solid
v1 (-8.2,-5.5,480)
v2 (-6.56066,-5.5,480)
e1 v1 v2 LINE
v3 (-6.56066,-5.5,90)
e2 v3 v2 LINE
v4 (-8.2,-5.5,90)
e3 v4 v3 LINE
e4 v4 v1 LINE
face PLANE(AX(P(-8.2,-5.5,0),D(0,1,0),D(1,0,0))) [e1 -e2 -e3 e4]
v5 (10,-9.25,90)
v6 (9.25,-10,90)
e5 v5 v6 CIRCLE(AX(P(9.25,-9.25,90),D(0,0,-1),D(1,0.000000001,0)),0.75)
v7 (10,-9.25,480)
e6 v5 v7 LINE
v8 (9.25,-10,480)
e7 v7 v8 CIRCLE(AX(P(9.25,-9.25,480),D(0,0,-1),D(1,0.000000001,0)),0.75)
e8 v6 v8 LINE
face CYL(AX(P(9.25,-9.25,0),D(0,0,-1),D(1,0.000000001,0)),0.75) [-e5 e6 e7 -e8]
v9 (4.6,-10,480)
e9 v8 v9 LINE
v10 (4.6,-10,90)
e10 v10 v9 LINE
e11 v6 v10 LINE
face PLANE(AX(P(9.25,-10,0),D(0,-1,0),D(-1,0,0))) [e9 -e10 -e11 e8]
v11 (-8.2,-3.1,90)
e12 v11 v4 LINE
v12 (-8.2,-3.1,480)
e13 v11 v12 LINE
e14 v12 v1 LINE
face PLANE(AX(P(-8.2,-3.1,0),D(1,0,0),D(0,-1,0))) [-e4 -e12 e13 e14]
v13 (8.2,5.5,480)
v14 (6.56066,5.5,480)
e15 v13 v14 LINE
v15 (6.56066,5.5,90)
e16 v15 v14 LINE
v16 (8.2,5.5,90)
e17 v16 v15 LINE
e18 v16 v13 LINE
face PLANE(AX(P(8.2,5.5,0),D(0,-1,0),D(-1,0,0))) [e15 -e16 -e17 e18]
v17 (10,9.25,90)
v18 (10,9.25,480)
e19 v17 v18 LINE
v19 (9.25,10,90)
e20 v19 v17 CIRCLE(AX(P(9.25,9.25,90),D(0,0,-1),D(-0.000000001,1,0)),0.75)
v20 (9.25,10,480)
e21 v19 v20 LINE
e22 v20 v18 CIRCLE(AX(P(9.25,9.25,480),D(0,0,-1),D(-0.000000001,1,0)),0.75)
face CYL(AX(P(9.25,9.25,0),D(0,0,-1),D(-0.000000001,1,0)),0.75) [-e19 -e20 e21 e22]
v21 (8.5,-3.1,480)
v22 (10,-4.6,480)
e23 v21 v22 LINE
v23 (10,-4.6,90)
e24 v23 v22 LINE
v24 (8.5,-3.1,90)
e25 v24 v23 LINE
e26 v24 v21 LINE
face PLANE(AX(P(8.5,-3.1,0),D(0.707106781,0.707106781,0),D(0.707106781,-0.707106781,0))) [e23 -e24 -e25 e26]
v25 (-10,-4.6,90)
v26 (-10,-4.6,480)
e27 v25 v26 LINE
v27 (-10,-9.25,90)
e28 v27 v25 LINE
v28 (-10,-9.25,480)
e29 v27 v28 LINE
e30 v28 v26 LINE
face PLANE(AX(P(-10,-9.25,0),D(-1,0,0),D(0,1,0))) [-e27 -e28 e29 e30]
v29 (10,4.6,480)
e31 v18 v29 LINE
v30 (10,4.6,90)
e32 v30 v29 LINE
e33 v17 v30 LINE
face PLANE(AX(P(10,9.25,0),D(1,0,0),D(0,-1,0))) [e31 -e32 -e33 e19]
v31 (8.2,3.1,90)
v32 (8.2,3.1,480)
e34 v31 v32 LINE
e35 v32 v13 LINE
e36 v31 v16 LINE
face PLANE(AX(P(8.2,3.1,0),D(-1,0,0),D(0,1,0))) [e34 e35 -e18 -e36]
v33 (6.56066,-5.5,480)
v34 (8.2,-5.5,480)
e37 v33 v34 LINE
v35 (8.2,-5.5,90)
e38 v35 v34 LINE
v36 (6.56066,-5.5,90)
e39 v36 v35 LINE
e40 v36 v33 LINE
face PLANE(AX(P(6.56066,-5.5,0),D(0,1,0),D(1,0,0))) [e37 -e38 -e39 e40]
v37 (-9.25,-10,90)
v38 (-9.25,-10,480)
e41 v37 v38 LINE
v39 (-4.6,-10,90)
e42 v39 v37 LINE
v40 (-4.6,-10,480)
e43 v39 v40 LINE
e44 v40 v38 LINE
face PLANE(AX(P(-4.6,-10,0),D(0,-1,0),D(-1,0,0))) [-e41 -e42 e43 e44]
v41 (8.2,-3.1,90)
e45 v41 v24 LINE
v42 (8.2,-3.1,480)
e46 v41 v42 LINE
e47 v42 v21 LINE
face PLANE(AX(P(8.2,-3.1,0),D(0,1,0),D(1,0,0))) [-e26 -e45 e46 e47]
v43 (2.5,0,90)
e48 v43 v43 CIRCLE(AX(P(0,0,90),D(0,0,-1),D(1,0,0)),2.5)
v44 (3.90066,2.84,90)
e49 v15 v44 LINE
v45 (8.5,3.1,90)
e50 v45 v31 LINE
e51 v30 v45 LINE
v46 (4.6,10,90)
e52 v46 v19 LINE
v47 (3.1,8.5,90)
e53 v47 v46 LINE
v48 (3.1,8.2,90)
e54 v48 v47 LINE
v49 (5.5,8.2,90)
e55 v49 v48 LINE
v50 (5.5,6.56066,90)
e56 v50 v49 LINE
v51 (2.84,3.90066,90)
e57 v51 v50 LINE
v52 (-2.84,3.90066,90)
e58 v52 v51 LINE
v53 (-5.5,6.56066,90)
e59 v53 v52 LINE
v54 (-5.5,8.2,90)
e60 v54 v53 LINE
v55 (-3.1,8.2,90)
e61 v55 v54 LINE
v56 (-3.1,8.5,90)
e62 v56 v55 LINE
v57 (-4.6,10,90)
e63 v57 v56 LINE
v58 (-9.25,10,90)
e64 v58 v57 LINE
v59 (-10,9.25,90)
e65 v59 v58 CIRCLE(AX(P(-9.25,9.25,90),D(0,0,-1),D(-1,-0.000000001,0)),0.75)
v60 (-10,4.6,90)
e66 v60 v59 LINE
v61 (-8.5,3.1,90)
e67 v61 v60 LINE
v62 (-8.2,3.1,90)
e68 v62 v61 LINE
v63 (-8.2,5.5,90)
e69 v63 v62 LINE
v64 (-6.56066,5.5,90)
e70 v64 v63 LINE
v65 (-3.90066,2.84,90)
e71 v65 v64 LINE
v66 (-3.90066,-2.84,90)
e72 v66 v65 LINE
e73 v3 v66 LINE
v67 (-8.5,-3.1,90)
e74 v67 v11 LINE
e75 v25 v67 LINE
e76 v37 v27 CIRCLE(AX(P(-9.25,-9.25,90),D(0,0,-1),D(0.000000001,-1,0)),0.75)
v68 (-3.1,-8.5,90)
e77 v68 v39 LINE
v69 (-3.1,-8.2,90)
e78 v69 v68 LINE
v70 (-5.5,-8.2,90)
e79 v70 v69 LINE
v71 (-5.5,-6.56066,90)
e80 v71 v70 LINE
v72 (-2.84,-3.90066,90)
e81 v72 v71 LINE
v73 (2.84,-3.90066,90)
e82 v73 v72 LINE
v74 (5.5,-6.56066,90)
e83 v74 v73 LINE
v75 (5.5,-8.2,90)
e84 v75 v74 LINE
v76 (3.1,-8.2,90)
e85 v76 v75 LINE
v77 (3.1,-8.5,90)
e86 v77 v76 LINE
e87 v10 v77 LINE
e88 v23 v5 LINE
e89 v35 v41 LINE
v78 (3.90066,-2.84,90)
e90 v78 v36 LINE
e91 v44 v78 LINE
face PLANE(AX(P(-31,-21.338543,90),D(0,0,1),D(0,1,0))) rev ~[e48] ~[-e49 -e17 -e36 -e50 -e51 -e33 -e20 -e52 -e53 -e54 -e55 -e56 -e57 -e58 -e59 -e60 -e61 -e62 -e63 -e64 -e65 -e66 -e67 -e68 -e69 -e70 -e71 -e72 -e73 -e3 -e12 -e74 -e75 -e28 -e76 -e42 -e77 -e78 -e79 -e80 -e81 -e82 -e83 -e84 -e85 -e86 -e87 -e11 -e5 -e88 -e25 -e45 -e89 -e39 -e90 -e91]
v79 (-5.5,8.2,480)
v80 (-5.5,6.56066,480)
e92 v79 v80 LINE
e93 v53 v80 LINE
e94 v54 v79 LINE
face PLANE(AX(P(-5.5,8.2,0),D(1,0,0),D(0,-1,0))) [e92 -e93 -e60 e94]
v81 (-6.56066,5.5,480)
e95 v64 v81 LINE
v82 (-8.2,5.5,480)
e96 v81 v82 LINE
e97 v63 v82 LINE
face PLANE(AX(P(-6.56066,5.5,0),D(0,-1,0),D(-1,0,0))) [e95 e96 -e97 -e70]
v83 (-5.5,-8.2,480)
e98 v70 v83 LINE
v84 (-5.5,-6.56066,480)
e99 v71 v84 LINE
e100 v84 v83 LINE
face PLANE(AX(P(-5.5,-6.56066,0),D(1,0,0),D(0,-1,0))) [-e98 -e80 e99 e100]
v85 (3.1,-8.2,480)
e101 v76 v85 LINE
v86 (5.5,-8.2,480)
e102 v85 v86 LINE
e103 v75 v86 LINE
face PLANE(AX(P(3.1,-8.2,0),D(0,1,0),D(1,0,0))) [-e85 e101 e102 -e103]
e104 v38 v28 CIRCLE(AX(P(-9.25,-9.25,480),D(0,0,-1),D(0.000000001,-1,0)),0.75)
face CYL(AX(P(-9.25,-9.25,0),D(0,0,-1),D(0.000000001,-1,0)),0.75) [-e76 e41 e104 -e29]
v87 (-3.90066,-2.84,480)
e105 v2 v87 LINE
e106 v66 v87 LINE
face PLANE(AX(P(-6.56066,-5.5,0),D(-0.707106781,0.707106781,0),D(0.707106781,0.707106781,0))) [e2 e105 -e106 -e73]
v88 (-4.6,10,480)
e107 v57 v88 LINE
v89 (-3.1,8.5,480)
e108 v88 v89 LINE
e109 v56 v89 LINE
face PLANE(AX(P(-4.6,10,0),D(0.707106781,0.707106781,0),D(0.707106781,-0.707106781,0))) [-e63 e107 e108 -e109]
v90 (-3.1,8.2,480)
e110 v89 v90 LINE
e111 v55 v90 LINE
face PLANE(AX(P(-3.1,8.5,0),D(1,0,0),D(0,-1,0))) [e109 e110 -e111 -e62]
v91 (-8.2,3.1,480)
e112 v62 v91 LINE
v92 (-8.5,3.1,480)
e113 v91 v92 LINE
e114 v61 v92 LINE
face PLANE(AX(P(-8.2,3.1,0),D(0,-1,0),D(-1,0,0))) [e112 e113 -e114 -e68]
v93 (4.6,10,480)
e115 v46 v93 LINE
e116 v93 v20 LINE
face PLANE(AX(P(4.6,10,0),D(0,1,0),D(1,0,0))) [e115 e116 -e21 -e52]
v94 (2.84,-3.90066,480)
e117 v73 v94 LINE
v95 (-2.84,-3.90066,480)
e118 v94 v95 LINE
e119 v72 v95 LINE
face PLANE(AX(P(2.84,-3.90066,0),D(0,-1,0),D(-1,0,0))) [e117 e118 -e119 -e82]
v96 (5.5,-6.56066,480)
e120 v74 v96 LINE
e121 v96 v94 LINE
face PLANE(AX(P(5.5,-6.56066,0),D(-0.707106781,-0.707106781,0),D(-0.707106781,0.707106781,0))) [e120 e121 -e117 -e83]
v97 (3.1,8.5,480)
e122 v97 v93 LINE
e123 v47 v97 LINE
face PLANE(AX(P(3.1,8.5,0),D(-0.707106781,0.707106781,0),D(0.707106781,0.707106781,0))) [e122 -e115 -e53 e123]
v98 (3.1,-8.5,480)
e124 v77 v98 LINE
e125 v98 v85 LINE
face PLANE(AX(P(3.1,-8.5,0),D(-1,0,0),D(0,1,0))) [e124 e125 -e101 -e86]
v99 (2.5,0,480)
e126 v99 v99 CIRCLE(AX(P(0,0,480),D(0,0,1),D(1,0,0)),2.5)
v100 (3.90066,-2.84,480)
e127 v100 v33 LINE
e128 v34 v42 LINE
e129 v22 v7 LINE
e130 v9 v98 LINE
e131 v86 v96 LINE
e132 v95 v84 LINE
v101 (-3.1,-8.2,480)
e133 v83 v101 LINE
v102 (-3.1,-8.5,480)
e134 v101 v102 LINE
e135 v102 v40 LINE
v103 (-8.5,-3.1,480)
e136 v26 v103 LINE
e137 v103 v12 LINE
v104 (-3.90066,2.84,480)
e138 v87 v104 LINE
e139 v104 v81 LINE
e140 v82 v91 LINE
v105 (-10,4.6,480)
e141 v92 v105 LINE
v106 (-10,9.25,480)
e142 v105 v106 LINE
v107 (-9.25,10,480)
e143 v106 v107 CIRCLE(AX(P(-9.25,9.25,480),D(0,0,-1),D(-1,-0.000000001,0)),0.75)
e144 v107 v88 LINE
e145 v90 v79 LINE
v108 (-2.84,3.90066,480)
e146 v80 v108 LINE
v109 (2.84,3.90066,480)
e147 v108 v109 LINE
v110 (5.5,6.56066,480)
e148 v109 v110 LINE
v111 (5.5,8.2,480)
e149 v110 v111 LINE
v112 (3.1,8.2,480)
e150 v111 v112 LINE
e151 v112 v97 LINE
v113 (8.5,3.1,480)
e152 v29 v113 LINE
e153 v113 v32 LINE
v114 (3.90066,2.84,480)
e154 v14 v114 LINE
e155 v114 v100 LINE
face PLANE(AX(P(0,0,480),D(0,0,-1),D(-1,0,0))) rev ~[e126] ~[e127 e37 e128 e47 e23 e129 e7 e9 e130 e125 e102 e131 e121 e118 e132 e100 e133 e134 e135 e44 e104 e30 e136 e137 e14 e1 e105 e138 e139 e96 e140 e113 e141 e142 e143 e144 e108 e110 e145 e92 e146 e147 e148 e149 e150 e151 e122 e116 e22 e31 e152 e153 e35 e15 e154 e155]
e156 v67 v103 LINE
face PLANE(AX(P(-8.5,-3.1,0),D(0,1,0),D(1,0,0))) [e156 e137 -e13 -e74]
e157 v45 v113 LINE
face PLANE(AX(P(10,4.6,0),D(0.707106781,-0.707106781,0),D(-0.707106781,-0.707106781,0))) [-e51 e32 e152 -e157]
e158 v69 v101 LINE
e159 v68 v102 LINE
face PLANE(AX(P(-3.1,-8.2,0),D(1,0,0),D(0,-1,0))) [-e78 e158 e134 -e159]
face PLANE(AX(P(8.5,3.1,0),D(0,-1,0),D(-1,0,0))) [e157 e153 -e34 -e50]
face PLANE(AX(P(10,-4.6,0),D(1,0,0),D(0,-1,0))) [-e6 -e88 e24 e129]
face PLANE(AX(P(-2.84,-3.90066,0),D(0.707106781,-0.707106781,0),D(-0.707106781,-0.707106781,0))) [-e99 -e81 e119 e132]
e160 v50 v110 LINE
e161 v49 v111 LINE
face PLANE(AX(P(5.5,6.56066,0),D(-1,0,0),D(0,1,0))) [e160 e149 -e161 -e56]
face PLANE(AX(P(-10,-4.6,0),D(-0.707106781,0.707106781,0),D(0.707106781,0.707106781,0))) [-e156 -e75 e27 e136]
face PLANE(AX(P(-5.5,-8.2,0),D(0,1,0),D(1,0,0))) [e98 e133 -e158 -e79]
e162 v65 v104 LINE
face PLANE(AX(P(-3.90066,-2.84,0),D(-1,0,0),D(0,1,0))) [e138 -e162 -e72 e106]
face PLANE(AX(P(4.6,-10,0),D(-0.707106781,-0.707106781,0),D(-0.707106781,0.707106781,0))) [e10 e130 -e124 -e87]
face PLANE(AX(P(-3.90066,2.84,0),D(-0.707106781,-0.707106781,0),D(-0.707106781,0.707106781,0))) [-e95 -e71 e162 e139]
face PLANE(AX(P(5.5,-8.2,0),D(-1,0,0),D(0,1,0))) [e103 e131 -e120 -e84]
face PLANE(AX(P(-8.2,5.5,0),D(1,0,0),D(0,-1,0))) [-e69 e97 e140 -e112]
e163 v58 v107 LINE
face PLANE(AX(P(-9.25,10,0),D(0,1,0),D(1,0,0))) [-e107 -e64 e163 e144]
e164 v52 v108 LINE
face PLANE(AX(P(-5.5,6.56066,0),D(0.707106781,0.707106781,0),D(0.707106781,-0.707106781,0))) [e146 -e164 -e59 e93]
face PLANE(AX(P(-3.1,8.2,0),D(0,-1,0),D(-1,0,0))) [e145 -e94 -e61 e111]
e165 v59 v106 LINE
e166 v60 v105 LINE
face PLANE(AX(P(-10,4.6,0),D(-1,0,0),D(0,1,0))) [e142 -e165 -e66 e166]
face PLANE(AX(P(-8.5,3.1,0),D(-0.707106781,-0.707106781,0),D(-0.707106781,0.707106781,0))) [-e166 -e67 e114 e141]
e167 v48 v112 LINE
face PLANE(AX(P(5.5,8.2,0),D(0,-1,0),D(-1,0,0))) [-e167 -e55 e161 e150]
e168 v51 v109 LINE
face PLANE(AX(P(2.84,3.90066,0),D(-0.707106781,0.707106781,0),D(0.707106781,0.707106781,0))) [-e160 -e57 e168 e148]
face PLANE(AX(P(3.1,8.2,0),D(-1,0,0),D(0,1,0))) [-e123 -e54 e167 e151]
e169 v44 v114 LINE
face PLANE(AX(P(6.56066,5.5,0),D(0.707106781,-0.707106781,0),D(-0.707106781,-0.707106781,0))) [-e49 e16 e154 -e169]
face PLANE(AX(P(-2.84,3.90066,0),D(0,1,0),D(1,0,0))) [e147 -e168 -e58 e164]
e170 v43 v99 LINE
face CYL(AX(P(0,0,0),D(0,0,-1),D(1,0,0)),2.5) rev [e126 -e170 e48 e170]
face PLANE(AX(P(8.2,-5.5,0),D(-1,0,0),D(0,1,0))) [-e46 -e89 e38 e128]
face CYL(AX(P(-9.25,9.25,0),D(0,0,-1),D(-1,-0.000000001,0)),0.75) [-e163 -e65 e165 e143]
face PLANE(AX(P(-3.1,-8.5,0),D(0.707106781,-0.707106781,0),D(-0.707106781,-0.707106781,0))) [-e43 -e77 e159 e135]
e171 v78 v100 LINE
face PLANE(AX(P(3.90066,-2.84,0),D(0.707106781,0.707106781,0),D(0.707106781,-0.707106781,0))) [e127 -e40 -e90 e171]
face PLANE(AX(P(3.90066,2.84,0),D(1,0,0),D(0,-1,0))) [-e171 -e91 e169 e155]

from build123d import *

# Parameters (mm, degrees)
CROQUIS1_R              = 2.5
SALIENTE_EXTRUIR1_DEPTH = 480
CUT_EXTRUDE1_DEPTH      = 65
CUT_EXTRUDE1_DEPTH_BACK = 31
SKETCH2_W               = 180
SKETCH2_H               = 42.677085212


with BuildPart() as part:
    # Croquis1 → Saliente-Extruir1 (new body)
    with BuildSketch(Plane.XY):
        with BuildLine():
            Line((-4.6, 10), (-3.1, 8.5))
            Line((-3.1, 8.5), (-3.1, 8.2))
            Line((-3.1, 8.2), (-5.5, 8.2))
            Line((-5.5, 8.2), (-5.5, 6.560660172))
            Line((-5.5, 6.560660172), (-2.84, 3.900660172))
            Line((-2.84, 3.900660172), (0, 3.900660172))
            Line((0, 3.900660172), (2.84, 3.900660172))
            Line((2.84, 3.900660172), (5.5, 6.560660172))
            Line((5.5, 6.560660172), (5.5, 8.2))
            Line((5.5, 8.2), (3.1, 8.2))
            Line((3.1, 8.2), (3.1, 8.5))
            Line((3.1, 8.5), (4.6, 10))
            Line((4.6, 10), (9.25, 10))
            ThreePointArc((9.25, 10), (9.780330086, 9.780330086), (10, 9.25))
            Line((10, 9.25), (10, 4.6))
            Line((10, 4.6), (8.5, 3.1))
            Line((8.5, 3.1), (8.2, 3.1))
            Line((8.2, 3.1), (8.2, 5.5))
            Line((8.2, 5.5), (6.560660172, 5.5))
            Line((6.560660172, 5.5), (3.900660172, 2.84))
            Line((3.900660172, 2.84), (3.900660172, 0))
            Line((3.900660172, 0), (3.900660172, -2.84))
            Line((3.900660172, -2.84), (6.560660172, -5.5))
            Line((6.560660172, -5.5), (8.2, -5.5))
            Line((8.2, -5.5), (8.2, -3.1))
            Line((8.2, -3.1), (8.5, -3.1))
            Line((8.5, -3.1), (10, -4.6))
            Line((10, -4.6), (10, -9.25))
            ThreePointArc((10, -9.25), (9.780330086, -9.780330086), (9.25, -10))
            Line((9.25, -10), (4.6, -10))
            Line((4.6, -10), (3.1, -8.5))
            Line((3.1, -8.5), (3.1, -8.2))
            Line((3.1, -8.2), (5.5, -8.2))
            Line((5.5, -8.2), (5.5, -6.560660172))
            Line((5.5, -6.560660172), (2.84, -3.900660172))
            Line((2.84, -3.900660172), (0, -3.900660172))
            Line((0, -3.900660172), (-2.84, -3.900660172))
            Line((-2.84, -3.900660172), (-5.5, -6.560660172))
            Line((-5.5, -6.560660172), (-5.5, -8.2))
            Line((-5.5, -8.2), (-3.1, -8.2))
            Line((-3.1, -8.2), (-3.1, -8.5))
            Line((-3.1, -8.5), (-4.6, -10))
            Line((-4.6, -10), (-9.25, -10))
            ThreePointArc((-9.25, -10), (-9.780330086, -9.780330086), (-10, -9.25))
            Line((-10, -9.25), (-10, -4.6))
            Line((-10, -4.6), (-8.5, -3.1))
            Line((-8.5, -3.1), (-8.2, -3.1))
            Line((-8.2, -3.1), (-8.2, -5.5))
            Line((-8.2, -5.5), (-6.560660172, -5.5))
            Line((-6.560660172, -5.5), (-3.900660172, -2.84))
            Line((-3.900660172, -2.84), (-3.900660172, 0))
            Line((-3.900660172, 0), (-3.900660172, 2.84))
            Line((-3.900660172, 2.84), (-6.560660172, 5.5))
            Line((-6.560660172, 5.5), (-8.2, 5.5))
            Line((-8.2, 5.5), (-8.2, 3.1))
            Line((-8.2, 3.1), (-8.5, 3.1))
            Line((-8.5, 3.1), (-10, 4.6))
            Line((-10, 4.6), (-10, 9.25))
            ThreePointArc((-10, 9.25), (-9.780330086, 9.780330086), (-9.25, 10))
            Line((-9.25, 10), (-4.6, 10))
        make_face()
        Circle(CROQUIS1_R, mode=Mode.SUBTRACT)
    extrude(amount=SALIENTE_EXTRUIR1_DEPTH)

    # Sketch2 → Cut-Extrude1 (cut, two sides: drawn at the far end of the back side and taken through both)
    with BuildSketch(Plane(origin=(0, 0, 0), x_dir=(0, 0, -1), z_dir=(1, 0, 0)).offset(-CUT_EXTRUDE1_DEPTH_BACK)):
        Rectangle(SKETCH2_W, SKETCH2_H)
    extrude(amount=CUT_EXTRUDE1_DEPTH + CUT_EXTRUDE1_DEPTH_BACK, mode=Mode.SUBTRACT)


solid = part.part
